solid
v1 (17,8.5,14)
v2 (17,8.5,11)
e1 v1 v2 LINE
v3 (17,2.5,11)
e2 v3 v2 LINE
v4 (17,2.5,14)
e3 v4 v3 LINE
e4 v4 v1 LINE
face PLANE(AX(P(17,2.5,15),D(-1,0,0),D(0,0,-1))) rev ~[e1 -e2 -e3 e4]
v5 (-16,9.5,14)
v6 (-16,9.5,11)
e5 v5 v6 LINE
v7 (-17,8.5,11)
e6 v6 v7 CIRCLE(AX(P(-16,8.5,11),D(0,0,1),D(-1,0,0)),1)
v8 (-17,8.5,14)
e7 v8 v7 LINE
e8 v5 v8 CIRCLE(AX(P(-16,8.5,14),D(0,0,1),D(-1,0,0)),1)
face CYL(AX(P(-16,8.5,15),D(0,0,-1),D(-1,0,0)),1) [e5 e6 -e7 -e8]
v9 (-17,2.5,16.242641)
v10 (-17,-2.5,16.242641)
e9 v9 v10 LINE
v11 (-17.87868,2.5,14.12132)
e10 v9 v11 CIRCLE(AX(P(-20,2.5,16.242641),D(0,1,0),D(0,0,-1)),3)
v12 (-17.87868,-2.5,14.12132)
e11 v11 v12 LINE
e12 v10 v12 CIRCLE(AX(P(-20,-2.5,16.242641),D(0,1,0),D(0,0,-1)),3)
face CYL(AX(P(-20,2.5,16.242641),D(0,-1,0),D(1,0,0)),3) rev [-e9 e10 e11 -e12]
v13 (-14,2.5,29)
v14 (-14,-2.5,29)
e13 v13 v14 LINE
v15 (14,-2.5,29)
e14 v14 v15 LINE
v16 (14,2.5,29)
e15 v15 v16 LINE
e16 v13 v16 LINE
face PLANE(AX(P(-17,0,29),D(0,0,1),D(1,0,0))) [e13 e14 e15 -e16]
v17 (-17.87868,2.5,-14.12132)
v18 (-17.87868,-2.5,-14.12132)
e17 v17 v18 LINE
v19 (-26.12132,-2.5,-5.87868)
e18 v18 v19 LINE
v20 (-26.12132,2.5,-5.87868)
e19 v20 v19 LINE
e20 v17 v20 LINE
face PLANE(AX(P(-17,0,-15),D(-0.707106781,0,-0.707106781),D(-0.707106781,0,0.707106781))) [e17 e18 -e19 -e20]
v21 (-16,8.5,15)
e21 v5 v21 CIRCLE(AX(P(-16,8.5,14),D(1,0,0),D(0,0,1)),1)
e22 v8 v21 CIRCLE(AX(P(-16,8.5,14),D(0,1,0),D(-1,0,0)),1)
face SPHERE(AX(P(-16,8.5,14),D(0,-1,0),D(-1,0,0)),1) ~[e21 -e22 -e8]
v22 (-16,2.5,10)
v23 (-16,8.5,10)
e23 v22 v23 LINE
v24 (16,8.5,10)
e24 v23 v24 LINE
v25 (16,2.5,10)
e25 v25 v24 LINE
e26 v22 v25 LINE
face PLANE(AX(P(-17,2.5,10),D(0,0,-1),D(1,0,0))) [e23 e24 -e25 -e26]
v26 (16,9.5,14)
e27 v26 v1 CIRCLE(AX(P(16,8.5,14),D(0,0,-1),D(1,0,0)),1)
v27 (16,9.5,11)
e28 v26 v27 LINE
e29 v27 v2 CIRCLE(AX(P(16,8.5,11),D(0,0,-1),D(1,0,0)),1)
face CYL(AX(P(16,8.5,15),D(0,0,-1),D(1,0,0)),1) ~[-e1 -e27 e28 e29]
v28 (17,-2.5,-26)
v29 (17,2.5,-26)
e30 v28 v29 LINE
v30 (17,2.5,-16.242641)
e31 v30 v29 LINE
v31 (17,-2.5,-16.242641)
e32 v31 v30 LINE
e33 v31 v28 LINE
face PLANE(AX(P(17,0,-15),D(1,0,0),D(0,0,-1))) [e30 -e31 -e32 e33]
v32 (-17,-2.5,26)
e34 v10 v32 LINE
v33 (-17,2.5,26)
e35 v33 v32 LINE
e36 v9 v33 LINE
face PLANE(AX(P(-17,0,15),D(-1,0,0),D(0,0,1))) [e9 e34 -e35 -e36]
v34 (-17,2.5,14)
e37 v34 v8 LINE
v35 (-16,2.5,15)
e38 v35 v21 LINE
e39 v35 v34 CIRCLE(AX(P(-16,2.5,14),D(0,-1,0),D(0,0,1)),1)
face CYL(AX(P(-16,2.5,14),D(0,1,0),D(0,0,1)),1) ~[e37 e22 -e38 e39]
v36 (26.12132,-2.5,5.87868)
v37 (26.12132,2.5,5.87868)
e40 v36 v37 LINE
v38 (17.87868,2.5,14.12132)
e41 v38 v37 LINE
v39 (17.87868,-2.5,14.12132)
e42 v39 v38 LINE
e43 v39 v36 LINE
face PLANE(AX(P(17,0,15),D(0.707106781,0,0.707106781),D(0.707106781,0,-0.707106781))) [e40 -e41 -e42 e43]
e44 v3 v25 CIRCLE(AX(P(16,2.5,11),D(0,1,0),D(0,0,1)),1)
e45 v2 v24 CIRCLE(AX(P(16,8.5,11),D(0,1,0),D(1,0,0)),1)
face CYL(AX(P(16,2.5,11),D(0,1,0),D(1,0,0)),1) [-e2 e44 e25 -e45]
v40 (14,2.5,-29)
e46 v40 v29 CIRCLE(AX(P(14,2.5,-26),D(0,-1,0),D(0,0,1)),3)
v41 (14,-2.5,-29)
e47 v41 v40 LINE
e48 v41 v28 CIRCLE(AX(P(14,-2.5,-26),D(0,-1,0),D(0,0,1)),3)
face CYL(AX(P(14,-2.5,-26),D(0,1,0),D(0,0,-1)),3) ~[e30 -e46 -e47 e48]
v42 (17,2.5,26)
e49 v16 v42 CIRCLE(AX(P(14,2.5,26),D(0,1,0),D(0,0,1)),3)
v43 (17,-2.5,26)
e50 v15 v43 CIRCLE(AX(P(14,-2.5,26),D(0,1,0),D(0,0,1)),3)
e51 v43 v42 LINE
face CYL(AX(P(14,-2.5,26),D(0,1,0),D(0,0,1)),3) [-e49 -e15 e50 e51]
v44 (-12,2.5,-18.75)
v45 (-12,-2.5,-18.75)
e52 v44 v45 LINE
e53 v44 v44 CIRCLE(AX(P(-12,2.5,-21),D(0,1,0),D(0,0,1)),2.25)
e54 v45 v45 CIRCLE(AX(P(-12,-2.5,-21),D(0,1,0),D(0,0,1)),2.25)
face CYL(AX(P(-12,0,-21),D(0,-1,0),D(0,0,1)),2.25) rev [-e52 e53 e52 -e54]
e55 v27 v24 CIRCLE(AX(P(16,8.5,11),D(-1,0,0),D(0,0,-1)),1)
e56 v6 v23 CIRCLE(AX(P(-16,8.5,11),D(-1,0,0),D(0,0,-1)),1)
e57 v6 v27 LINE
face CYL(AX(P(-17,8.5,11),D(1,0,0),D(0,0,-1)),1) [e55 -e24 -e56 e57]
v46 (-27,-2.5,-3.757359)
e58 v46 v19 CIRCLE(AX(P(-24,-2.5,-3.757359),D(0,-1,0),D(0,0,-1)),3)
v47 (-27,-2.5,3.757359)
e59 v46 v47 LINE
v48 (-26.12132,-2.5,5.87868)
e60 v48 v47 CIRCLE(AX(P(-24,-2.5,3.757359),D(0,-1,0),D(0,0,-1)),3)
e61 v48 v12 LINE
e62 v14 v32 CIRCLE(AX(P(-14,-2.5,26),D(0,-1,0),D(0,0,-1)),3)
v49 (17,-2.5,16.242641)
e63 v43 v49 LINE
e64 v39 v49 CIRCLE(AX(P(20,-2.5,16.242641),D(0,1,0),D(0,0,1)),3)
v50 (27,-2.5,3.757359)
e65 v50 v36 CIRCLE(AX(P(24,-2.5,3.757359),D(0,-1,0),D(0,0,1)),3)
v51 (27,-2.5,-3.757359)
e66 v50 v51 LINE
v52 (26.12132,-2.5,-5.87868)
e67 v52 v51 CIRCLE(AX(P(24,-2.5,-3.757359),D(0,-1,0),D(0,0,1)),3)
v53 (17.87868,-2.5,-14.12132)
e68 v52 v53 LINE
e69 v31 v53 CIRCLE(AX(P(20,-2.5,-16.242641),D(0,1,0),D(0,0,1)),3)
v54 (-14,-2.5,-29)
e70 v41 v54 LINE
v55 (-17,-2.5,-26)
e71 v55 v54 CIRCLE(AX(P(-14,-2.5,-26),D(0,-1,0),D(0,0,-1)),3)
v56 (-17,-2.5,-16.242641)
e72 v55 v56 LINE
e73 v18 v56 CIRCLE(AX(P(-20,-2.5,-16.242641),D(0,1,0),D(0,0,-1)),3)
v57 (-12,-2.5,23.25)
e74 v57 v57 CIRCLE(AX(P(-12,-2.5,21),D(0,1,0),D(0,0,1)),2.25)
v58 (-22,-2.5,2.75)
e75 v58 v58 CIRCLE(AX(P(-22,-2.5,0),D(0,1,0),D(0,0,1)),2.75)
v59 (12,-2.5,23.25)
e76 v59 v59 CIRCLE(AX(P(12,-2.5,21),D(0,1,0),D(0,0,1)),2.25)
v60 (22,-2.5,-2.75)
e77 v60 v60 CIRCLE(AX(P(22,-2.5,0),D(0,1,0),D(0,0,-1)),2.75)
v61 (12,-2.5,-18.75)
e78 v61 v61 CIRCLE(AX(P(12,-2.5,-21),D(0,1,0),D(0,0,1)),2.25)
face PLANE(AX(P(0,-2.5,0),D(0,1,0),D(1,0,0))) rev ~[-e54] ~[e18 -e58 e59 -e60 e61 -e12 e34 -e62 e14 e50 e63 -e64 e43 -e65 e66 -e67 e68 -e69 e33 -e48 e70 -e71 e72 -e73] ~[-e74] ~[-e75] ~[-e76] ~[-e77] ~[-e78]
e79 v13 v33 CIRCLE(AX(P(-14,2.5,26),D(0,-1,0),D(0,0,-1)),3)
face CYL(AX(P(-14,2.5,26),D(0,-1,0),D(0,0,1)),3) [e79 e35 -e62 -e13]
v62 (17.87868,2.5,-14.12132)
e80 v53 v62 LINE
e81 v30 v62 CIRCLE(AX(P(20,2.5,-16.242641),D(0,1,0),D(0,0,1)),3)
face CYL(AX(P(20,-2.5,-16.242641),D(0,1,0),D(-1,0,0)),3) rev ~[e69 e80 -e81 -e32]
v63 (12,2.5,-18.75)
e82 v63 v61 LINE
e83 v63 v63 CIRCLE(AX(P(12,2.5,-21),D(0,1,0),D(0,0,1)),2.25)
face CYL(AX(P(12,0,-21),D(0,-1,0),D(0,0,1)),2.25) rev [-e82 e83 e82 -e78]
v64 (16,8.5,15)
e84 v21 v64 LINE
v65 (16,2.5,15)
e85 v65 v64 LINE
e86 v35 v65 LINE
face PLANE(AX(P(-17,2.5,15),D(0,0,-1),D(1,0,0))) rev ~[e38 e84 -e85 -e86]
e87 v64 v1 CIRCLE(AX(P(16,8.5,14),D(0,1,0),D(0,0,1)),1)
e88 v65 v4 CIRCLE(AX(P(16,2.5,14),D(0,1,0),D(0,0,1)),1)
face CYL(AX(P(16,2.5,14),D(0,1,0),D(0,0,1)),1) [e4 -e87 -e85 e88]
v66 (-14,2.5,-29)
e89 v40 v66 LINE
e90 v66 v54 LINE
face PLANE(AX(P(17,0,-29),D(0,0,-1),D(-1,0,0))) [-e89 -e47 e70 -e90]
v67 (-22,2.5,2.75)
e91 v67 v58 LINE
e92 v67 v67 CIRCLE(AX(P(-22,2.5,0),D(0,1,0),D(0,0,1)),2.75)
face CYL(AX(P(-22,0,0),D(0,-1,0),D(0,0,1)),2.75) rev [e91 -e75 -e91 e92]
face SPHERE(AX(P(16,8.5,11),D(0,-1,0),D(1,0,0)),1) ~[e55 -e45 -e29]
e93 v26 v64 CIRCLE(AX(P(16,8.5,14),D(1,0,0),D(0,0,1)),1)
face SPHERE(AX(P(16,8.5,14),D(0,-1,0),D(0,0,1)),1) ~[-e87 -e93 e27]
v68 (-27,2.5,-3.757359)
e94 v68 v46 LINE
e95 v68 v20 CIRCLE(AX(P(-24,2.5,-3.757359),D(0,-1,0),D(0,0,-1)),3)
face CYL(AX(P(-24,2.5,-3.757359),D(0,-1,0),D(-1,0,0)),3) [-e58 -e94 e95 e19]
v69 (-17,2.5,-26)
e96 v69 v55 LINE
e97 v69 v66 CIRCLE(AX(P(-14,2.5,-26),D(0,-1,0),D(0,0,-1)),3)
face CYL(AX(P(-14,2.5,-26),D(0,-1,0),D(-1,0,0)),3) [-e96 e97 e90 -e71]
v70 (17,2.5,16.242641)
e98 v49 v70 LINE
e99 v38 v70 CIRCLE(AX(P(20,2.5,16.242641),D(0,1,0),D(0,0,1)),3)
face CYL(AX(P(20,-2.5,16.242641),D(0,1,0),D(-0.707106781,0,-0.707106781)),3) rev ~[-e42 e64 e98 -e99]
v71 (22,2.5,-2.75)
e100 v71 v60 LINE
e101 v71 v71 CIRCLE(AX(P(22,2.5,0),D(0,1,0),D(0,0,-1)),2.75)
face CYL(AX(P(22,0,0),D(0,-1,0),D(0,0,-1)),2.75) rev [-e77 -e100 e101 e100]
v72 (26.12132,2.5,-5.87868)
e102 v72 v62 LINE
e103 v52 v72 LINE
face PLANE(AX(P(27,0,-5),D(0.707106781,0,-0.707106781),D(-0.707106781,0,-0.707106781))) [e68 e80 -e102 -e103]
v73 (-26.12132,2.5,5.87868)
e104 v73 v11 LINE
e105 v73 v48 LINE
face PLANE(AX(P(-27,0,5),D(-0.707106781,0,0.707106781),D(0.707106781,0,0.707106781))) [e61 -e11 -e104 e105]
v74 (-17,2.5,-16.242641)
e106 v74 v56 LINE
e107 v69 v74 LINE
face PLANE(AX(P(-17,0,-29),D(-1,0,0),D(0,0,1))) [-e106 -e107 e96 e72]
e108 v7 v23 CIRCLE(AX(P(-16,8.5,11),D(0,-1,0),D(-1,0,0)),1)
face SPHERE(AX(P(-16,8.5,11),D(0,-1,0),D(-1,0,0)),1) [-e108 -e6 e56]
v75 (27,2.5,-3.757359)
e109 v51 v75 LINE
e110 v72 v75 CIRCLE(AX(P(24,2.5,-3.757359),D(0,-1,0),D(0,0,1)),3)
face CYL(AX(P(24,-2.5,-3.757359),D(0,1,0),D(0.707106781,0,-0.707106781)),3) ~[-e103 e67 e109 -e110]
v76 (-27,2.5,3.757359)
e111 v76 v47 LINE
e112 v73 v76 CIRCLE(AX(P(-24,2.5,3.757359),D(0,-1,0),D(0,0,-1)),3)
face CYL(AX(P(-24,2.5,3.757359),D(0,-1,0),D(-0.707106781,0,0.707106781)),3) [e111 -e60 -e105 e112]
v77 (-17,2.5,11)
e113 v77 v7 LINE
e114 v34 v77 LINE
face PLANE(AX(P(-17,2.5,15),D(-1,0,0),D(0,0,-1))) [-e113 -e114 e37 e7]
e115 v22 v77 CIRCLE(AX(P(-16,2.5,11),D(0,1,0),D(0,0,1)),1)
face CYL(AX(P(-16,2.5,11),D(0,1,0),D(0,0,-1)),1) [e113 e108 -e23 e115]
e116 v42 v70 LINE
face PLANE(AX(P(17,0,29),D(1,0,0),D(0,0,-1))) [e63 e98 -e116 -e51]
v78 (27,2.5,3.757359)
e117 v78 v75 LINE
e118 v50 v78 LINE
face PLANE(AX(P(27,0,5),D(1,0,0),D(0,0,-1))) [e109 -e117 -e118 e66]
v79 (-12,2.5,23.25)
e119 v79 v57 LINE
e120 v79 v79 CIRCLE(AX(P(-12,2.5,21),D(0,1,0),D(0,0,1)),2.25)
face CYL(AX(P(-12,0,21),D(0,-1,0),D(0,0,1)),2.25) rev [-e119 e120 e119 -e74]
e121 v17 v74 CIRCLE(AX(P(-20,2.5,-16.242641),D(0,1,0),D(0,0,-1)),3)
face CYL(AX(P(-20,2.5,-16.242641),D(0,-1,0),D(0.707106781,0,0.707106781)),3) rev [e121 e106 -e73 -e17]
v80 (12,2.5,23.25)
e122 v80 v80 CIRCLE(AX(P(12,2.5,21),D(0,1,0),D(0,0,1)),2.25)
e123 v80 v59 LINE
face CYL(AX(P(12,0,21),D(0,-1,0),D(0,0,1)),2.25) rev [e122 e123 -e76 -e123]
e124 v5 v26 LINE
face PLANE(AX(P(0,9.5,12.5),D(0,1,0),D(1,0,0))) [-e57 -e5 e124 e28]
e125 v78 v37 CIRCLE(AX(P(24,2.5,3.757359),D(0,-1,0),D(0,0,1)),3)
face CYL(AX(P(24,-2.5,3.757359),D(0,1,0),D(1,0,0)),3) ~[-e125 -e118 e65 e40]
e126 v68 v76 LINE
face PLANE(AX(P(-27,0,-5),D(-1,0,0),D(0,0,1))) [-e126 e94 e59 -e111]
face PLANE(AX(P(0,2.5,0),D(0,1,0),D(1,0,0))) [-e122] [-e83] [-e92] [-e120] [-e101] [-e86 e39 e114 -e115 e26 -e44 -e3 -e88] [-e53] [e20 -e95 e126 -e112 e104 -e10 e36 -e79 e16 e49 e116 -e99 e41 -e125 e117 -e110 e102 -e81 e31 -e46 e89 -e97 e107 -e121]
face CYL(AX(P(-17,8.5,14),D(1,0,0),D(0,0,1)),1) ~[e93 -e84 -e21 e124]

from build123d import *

# Parameters (mm, degrees)
SKETCH1_R           = 2.25
SKETCH1_R_2         = 2.75
BOSS_EXTRUDE1_DEPTH = 2.5
FILLET2_R           = 3
SKETCH2_W           = 34
SKETCH2_H           = 5
BOSS_EXTRUDE2_DEPTH = 7
FILLET3_R           = 1


with BuildPart() as part:
    # Sketch1 → Boss-Extrude1 (new, symmetric)
    with BuildSketch(Plane(origin=(0, 0, 0), x_dir=(1, 0, 0), z_dir=(0, 1, 0))):
        Polygon((-17, -29), (17, -29), (17, -15), (27, -5), (27, 5), (17, 15), (17, 29), (-17, 29), (-17, 15), (-27, 5), (-27, -5), (-17, -15), align=None)
        with Locations(Location((-12, 21, 0), (0, 0, 270))):
            Circle(SKETCH1_R, mode=Mode.SUBTRACT)
        with Locations(Location((12, 21, 0), (0, 0, 270))):
            Circle(SKETCH1_R, mode=Mode.SUBTRACT)
        with Locations(Location((-12, -21, 0), (0, 0, 270))):
            Circle(SKETCH1_R, mode=Mode.SUBTRACT)
        with Locations(Location((12, -21, 0), (0, 0, 270))):
            Circle(SKETCH1_R, mode=Mode.SUBTRACT)
        with Locations(Location((-22, 0, 0), (0, 0, 270))):
            Circle(SKETCH1_R_2, mode=Mode.SUBTRACT)
        with Locations(Location((22, 0, 0), (0, 0, 90))):
            Circle(SKETCH1_R_2, mode=Mode.SUBTRACT)
    extrude(amount=BOSS_EXTRUDE1_DEPTH, both=True)

    # Fillet2
    fillet2_edges = [part.edges().sort_by_distance(p)[0] for p in [
        (17, 0, -15),
        (27, 0, -5),
        (27, 0, 5),
        (17, 0, 15),
        (17, 0, 29),
        (-17, 0, 29),
        (-17, 0, 15),
        (-27, 0, 5),
        (-27, 0, -5),
        (-17, 0, -15),
        (-17, 0, -29),
        (17, 0, -29),
    ]]
    fillet(fillet2_edges, radius=FILLET2_R)

    # Sketch2 → Boss-Extrude2 (add)
    with BuildSketch(Plane(origin=(0, 2.5, 0), x_dir=(1, 0, 0), z_dir=(0, 1, 0))):
        with Locations((0, -12.5)):
            Rectangle(SKETCH2_W, SKETCH2_H)
    extrude(amount=BOSS_EXTRUDE2_DEPTH)

    # Fillet3
    fillet3_edges = [part.edges().sort_by_distance(p)[0] for p in [
        (-17, 6, 10),
        (-17, 6, 15),
        (17, 6, 15),
        (17, 6, 10),
        (-17, 9.5, 12.5),
        (0, 9.5, 15),
        (17, 9.5, 12.5),
        (0, 9.5, 10),
    ]]
    fillet(fillet3_edges, radius=FILLET3_R)


solid = part.part
